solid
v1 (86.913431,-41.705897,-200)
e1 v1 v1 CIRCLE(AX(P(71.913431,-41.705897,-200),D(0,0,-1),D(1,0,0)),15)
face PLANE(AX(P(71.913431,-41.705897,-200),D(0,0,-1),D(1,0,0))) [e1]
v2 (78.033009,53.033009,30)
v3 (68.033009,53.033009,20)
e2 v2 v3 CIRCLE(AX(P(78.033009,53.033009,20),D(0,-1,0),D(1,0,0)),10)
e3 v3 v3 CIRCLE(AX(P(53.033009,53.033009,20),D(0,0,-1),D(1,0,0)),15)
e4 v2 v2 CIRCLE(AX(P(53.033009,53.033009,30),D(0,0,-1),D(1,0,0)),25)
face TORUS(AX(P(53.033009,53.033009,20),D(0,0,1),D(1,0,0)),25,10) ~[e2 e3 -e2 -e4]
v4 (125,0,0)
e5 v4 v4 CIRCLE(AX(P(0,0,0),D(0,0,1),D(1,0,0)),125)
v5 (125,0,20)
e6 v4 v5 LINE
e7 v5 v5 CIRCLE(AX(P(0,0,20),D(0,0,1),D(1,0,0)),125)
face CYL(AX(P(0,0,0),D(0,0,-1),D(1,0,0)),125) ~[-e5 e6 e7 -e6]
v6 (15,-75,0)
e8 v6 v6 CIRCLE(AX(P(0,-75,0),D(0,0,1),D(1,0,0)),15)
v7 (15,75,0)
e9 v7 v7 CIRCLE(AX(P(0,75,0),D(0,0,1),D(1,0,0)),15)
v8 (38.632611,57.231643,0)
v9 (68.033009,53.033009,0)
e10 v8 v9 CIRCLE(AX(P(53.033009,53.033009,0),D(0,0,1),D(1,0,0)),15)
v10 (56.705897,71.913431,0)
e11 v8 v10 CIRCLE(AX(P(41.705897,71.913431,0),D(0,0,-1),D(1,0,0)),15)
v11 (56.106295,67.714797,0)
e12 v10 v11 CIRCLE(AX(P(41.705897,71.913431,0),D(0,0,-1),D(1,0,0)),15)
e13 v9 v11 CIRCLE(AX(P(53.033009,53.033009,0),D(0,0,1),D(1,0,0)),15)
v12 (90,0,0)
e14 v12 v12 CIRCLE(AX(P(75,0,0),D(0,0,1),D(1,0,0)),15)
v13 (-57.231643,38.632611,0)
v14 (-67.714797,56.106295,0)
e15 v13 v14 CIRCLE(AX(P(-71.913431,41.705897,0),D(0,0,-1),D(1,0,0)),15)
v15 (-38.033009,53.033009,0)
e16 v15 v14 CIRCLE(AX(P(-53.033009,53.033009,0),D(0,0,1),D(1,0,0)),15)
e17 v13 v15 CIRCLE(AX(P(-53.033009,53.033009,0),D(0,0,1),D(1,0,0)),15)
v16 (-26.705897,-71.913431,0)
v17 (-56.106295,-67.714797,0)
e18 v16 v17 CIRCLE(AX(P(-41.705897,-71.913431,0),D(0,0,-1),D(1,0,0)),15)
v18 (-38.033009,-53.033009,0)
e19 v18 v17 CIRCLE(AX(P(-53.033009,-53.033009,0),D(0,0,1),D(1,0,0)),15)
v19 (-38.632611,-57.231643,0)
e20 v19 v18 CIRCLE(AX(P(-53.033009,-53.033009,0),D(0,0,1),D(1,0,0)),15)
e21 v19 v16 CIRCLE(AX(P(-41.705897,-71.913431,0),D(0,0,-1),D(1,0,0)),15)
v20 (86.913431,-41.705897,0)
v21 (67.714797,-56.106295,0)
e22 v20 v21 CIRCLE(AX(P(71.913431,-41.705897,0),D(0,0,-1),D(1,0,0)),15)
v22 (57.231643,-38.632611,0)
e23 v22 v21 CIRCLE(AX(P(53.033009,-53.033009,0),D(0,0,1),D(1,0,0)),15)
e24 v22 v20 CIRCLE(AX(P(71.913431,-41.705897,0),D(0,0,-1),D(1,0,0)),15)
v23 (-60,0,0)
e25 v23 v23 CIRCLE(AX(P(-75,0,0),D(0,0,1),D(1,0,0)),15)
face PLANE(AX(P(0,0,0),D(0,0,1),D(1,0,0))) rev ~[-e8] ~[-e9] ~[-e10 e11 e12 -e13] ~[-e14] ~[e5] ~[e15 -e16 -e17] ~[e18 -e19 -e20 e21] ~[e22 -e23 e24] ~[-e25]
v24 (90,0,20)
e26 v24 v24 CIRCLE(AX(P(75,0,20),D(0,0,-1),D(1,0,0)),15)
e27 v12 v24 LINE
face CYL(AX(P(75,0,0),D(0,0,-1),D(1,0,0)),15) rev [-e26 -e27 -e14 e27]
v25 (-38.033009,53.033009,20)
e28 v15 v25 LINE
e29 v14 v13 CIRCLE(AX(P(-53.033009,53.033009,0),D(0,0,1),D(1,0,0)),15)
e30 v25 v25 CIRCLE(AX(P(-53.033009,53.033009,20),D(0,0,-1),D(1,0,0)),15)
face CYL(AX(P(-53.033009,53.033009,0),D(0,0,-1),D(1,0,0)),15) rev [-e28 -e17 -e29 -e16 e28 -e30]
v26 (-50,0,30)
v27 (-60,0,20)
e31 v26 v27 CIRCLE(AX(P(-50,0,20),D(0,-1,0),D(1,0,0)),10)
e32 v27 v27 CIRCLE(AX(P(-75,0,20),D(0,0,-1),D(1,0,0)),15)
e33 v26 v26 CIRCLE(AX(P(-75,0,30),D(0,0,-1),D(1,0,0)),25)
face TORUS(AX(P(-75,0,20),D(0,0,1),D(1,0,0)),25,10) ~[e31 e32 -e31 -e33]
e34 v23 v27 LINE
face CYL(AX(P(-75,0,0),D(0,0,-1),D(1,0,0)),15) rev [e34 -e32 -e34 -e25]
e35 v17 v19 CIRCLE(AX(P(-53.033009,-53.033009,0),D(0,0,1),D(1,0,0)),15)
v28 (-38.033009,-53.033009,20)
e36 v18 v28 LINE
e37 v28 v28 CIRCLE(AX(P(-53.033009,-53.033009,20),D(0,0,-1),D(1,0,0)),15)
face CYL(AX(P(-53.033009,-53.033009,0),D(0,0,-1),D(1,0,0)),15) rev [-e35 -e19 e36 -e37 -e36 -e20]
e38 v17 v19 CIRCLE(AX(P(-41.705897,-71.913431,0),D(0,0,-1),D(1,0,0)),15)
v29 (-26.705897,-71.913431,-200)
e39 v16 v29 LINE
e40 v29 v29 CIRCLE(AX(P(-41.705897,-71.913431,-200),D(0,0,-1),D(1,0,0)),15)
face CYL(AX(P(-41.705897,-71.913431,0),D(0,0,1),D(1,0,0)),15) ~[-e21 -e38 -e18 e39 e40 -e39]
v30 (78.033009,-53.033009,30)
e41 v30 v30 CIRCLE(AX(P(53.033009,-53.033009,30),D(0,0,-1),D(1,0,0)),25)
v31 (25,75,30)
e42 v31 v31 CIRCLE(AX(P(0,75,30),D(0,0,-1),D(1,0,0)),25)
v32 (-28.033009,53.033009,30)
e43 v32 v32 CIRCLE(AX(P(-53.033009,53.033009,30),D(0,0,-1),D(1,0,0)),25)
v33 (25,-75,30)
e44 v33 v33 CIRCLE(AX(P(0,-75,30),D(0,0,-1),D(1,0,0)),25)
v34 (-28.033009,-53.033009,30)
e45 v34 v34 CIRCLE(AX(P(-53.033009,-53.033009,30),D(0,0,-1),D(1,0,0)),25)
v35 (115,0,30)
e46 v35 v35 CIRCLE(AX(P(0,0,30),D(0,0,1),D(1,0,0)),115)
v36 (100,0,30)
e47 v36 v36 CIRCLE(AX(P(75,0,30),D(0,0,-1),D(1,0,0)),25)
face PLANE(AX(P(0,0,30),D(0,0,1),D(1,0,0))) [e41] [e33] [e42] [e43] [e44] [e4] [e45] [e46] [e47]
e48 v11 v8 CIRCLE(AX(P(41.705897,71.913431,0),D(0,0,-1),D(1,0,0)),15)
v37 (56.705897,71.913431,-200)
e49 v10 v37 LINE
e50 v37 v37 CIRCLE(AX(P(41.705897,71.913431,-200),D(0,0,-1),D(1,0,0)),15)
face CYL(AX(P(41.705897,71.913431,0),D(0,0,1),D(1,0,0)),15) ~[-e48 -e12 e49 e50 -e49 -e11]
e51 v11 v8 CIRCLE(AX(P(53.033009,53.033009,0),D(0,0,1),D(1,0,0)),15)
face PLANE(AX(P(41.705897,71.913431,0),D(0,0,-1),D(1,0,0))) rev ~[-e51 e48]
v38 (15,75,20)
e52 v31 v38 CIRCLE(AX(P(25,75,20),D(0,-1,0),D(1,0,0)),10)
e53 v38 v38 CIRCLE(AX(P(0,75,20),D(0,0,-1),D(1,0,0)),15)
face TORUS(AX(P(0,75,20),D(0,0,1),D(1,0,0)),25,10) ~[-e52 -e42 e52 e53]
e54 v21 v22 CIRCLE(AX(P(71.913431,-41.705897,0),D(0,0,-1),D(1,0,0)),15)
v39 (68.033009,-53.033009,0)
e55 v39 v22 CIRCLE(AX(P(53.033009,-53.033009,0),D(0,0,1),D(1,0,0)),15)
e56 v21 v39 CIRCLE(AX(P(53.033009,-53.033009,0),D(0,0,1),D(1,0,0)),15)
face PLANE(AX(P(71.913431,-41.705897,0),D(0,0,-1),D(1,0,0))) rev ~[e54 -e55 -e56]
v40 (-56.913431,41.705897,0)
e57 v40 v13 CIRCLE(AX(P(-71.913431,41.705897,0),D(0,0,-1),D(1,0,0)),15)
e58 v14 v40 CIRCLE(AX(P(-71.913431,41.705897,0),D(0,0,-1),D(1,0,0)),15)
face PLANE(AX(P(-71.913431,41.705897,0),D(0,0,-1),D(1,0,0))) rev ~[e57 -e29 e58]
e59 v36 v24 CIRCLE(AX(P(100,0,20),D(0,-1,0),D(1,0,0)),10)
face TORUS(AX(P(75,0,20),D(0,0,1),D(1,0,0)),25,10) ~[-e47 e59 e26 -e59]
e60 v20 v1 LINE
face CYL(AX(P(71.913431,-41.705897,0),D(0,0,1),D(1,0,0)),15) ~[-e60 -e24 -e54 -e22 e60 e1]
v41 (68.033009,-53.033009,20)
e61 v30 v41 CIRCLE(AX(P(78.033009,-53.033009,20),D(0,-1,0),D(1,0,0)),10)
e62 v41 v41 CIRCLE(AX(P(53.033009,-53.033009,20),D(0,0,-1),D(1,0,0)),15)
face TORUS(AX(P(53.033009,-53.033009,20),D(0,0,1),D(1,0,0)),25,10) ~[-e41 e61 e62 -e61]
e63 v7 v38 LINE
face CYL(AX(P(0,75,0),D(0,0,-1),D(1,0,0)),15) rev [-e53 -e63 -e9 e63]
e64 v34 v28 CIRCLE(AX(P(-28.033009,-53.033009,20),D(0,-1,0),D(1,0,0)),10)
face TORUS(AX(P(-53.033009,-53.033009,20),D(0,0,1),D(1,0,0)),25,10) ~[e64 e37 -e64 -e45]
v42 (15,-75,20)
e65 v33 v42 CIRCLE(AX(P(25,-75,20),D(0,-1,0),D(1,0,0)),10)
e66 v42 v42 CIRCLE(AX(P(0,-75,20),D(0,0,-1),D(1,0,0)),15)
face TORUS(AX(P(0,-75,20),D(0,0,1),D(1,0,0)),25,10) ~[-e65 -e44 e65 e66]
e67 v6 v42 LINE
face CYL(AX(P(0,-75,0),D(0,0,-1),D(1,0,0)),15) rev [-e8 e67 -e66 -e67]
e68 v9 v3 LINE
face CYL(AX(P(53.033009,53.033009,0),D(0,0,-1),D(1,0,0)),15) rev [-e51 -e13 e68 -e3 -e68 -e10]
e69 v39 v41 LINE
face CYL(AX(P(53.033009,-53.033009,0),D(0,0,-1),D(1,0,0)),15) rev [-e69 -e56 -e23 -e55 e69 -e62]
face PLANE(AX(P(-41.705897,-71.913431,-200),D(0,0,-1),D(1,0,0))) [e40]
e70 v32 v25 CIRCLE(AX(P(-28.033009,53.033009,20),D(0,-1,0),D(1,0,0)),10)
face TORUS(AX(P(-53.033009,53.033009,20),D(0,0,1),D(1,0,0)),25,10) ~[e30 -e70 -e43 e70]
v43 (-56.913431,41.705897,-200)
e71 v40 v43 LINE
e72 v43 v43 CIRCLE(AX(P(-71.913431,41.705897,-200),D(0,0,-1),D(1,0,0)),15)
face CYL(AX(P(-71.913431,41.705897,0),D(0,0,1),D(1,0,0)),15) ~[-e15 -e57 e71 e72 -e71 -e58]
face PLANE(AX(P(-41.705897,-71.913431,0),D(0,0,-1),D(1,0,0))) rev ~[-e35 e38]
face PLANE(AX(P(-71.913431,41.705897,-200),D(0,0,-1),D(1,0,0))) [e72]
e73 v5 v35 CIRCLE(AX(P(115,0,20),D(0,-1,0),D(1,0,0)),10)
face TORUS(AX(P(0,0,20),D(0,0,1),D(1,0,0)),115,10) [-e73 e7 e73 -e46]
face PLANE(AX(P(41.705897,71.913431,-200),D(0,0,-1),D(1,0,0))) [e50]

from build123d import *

# Parameters (mm, degrees)
F0_R     = 125
F2_DEPTH = 30
F1_R     = 15
F3_DEPTH = 265
F4_R     = 10
F5_R     = 15
F6_DEPTH = 200


with BuildPart() as f2:
    # F0 (on Top) → F2 (new body)
    with BuildSketch(Plane.XY):
        Circle(F0_R)
    extrude(amount=F2_DEPTH)

    # F1 (on face) → F3 (cut)
    with BuildSketch(Plane.XY):
        with Locations((0, 75)):
            Circle(F1_R)
        with Locations((-53.033009, 53.033009)):
            Circle(F1_R)
        with Locations((-75, 0)):
            Circle(F1_R)
        with Locations((-53.033009, -53.033009)):
            Circle(F1_R)
        with Locations((0, -75)):
            Circle(F1_R)
        with Locations((53.033009, -53.033009)):
            Circle(F1_R)
        with Locations((75, 0)):
            Circle(F1_R)
        with Locations((53.033009, 53.033009)):
            Circle(F1_R)
    extrude(amount=F3_DEPTH, mode=Mode.SUBTRACT)

    # F4
    f4_edges = [f2.edges().sort_by_distance(p)[0] for p in [
        (-125, 0, 30),
        (-68.033009, -53.033009, 30),
        (-15, -75, 30),
        (38.033009, -53.033009, 30),
        (-90, 0, 30),
        (-68.033009, 53.033009, 30),
        (60, 0, 30),
        (-15, 75, 30),
        (38.033009, 53.033009, 30),
    ]]
    fillet(f4_edges, radius=F4_R)

    # F5 (on face) → F6 (join)
    with BuildSketch(Plane(origin=(0, 0, 0), x_dir=(1, 0, 0), z_dir=(0, 0, -1))):
        with Locations((-41.705897, 71.913431)):
            Circle(F5_R)
        with Locations((-71.913431, -41.705897)):
            Circle(F5_R)
        with Locations((41.705897, -71.913431)):
            Circle(F5_R)
        with Locations((71.913431, 41.705897)):
            Circle(F5_R)
    extrude(amount=F6_DEPTH)


solid = f2.part
